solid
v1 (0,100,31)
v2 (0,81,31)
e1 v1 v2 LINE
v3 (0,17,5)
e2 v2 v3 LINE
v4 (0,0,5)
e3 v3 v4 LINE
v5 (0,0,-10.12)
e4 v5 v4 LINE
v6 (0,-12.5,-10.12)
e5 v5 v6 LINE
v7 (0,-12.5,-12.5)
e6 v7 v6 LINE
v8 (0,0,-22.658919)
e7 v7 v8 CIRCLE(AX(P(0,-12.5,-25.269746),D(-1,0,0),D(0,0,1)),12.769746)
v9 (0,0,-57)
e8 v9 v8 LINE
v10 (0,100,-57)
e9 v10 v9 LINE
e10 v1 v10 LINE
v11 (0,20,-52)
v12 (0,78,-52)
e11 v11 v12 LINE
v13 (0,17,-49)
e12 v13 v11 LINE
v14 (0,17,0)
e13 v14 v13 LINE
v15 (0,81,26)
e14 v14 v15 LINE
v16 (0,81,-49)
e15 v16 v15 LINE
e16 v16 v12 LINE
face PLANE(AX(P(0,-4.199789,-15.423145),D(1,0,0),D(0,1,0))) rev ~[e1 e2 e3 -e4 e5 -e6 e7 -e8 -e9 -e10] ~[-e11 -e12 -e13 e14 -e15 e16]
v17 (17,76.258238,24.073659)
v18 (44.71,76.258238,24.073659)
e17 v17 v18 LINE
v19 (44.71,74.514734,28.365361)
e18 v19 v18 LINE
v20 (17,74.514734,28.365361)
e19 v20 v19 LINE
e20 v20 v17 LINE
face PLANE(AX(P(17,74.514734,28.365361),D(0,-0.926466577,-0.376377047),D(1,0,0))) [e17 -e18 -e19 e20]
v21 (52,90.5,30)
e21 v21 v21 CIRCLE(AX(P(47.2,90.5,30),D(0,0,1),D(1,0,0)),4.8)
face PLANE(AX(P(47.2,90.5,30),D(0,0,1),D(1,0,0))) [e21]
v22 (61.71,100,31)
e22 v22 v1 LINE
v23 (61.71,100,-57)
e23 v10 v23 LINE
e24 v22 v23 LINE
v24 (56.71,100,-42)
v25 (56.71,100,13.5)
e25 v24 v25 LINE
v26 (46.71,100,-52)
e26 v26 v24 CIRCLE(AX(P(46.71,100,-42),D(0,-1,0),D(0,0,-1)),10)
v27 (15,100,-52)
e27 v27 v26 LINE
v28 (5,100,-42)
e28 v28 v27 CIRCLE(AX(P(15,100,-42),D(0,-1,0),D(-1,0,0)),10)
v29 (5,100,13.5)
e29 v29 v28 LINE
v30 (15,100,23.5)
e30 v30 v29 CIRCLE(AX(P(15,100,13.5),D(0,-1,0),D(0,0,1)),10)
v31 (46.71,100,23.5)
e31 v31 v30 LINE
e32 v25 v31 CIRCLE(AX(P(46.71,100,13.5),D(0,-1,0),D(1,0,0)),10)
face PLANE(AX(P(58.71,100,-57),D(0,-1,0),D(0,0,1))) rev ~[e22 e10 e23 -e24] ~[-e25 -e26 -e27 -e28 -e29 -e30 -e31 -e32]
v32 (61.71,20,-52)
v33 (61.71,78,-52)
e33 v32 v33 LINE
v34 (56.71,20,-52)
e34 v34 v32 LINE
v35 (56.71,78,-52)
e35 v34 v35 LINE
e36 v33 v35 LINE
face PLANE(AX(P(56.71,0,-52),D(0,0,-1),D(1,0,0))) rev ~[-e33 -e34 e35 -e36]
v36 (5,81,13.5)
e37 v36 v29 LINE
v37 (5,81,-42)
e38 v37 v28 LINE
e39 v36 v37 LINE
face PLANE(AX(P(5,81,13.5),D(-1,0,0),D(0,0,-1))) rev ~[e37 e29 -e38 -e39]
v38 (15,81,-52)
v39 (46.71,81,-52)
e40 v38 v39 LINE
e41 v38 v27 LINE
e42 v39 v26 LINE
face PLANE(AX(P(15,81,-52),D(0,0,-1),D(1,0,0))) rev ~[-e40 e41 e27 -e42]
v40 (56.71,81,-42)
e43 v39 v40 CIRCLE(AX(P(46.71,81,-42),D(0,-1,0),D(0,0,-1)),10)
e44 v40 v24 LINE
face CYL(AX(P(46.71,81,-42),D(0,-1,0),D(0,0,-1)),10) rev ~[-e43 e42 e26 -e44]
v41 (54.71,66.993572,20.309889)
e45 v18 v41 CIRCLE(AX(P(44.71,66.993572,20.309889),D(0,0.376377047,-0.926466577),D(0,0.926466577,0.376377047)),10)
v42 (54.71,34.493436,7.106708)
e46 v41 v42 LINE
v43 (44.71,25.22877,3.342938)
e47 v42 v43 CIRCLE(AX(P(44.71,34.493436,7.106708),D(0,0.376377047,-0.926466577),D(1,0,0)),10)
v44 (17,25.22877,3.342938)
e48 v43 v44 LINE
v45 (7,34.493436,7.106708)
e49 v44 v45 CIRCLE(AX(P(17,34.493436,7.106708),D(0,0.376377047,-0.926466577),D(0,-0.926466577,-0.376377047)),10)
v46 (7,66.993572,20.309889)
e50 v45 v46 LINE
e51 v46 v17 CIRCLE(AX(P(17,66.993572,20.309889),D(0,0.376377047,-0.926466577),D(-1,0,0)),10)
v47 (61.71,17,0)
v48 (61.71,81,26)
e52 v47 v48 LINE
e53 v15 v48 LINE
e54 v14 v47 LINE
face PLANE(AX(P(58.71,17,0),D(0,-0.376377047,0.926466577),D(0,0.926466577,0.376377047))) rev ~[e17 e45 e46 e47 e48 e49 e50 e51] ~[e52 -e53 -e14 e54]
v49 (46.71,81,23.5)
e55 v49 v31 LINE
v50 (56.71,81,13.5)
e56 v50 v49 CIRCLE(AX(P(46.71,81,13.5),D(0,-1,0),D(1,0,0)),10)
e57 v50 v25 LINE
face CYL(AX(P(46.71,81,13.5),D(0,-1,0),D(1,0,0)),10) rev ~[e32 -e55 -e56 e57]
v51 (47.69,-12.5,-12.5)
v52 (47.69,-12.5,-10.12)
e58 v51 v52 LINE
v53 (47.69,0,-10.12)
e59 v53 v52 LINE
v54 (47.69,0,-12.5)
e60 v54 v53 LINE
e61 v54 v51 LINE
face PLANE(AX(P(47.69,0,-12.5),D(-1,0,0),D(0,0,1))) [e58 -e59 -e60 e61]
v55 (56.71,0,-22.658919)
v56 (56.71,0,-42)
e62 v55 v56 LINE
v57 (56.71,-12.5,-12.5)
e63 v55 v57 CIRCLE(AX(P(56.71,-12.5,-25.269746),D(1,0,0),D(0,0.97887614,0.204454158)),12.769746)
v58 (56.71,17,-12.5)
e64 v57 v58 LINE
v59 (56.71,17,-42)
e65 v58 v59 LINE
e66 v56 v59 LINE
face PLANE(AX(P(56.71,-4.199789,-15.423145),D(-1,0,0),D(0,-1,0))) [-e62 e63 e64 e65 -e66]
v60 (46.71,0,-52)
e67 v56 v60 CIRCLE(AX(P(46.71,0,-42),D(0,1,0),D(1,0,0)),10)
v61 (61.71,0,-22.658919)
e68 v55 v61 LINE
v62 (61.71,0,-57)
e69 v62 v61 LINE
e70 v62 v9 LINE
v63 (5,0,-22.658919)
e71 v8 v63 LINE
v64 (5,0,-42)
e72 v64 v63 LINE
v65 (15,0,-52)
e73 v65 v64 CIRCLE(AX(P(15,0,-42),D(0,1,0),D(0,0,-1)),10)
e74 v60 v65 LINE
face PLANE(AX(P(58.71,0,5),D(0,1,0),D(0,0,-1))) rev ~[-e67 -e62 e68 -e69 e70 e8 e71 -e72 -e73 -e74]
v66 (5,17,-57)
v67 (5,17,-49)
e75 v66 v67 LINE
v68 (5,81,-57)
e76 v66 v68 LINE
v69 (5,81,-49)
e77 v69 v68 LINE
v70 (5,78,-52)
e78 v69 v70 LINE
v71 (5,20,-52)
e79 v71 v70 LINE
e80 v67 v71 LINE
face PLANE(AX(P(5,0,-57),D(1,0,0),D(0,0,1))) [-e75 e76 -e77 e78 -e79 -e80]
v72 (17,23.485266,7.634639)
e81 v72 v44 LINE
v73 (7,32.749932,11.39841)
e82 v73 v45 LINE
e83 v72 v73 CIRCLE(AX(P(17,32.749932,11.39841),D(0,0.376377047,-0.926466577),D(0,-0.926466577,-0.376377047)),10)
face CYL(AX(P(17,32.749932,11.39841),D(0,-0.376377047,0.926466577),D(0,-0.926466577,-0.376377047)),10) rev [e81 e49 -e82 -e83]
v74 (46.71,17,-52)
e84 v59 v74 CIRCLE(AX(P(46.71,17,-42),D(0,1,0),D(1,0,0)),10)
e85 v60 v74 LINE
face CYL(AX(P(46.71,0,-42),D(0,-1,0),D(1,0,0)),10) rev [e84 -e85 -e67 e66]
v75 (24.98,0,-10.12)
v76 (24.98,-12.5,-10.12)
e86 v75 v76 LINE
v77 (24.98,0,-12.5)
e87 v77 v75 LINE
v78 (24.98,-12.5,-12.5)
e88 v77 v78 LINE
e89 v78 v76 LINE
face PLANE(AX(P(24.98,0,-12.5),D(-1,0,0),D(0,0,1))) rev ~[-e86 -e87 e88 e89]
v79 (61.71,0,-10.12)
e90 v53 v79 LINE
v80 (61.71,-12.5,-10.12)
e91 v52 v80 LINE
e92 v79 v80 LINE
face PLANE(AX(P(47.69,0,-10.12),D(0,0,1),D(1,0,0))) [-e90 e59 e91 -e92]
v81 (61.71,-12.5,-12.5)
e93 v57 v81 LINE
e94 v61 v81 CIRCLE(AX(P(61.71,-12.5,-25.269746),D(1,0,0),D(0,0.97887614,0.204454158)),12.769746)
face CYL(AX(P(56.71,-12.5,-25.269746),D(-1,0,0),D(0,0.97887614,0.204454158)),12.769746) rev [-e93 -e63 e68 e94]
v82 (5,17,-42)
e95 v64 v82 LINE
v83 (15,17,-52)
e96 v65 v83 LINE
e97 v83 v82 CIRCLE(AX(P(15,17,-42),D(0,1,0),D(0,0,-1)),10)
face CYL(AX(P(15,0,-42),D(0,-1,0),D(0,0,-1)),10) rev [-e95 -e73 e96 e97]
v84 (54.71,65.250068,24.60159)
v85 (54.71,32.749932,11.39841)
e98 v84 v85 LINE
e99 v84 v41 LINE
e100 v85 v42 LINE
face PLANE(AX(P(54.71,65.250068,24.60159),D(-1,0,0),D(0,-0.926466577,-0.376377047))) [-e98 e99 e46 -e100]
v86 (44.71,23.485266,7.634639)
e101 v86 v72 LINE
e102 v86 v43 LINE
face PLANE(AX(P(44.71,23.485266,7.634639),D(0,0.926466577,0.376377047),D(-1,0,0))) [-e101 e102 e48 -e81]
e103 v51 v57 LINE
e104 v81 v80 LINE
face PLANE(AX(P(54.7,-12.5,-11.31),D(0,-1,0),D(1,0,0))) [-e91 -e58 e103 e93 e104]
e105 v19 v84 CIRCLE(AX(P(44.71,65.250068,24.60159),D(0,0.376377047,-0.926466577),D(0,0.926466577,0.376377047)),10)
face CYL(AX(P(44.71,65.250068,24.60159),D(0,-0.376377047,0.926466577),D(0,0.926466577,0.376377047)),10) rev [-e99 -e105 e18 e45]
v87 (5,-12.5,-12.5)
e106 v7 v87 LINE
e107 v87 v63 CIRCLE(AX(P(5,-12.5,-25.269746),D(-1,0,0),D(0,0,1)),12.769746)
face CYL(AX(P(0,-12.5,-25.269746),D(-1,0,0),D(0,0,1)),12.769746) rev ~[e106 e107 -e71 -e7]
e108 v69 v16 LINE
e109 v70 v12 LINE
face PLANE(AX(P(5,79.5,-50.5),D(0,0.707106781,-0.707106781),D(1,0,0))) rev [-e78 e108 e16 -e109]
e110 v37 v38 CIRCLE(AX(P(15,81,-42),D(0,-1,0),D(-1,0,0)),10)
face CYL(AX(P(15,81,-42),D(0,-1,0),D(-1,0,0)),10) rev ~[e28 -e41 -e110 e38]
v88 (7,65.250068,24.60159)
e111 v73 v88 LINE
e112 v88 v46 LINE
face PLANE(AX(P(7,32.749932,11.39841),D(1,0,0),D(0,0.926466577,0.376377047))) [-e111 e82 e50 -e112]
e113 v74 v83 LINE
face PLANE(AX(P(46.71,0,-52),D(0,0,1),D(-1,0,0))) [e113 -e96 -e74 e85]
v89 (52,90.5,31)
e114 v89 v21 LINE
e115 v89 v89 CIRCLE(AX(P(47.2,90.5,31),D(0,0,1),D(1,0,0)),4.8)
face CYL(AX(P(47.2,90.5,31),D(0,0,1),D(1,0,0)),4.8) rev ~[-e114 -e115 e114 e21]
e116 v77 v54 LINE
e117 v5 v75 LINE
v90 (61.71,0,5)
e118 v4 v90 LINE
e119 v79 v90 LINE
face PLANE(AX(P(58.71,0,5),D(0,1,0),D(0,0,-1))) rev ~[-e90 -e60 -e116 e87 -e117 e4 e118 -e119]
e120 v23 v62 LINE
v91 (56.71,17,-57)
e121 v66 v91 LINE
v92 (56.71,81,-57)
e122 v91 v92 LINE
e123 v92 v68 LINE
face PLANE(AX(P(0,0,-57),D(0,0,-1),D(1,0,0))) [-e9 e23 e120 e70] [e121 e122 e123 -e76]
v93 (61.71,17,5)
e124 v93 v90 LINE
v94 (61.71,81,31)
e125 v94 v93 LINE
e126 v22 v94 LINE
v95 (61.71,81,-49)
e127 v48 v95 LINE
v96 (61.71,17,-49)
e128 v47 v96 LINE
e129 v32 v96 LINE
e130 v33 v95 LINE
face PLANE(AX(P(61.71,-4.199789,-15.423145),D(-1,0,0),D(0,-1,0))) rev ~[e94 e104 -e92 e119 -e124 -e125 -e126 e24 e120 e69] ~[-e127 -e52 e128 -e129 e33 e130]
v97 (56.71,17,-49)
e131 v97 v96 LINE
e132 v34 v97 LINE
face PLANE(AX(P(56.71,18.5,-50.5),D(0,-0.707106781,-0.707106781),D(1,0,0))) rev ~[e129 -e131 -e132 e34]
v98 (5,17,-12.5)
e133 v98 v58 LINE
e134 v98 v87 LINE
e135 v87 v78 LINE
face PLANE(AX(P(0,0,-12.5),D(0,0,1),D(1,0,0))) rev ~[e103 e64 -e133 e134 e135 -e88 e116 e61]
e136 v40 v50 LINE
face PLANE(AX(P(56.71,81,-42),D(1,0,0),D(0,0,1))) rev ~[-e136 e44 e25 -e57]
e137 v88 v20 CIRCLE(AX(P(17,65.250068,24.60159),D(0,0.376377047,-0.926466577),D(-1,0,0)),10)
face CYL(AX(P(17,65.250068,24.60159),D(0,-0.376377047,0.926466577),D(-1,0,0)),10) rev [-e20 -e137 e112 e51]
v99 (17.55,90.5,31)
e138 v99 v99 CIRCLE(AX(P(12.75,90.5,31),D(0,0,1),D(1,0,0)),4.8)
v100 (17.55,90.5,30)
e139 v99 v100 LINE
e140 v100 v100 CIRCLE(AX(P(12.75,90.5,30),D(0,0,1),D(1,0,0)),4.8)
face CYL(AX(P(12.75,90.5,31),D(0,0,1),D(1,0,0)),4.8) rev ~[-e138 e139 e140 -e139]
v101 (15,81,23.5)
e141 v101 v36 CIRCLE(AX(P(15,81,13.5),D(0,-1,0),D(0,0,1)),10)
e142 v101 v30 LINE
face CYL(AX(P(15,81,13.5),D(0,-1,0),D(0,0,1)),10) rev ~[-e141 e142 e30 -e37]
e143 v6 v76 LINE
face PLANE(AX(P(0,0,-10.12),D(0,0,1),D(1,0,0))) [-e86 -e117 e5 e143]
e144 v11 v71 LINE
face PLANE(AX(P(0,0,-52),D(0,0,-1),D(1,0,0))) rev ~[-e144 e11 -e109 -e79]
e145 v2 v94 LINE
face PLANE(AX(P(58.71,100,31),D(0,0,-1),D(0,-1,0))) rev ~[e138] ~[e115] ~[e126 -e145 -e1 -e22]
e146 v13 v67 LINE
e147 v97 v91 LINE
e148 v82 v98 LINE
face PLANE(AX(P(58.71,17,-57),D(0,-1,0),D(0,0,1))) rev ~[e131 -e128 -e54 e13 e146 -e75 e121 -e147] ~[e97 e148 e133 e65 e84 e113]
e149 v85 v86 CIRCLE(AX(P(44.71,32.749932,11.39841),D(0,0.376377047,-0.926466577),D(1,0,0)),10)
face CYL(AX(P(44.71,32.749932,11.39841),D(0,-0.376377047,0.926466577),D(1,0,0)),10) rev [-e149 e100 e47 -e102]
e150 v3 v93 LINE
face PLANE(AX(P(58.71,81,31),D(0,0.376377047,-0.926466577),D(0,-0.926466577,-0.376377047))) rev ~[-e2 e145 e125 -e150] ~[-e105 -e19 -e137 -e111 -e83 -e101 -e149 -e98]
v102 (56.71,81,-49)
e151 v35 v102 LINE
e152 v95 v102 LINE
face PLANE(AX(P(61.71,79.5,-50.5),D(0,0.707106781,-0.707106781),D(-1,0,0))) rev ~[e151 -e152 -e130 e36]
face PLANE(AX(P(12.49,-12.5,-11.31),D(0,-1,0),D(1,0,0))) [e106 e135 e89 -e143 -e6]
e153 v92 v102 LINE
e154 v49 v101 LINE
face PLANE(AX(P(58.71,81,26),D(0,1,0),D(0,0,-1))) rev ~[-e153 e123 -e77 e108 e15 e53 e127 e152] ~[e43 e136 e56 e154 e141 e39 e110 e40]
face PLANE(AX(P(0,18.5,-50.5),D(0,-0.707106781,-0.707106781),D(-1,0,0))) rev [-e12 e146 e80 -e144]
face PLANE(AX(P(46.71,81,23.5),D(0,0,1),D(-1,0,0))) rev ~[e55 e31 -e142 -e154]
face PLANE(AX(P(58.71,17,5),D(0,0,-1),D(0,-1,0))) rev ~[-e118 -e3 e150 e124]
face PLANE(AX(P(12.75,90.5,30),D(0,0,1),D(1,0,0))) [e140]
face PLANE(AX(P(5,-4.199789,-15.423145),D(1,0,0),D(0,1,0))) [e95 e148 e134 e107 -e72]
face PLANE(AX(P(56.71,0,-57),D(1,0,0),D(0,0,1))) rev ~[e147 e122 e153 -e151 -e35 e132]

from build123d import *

# Parameters (mm, degrees)
BOSS_EXTRUDE1_DEPTH  = 58.71
SKETCH4_R            = 4.8
CUT_EXTRUDE1_DEPTH   = 1
SKETCH5_R            = 4.8
CUT_EXTRUDE2_DEPTH   = 1
SKETCH6_W            = 19
SKETCH6_H            = 26
BOSS_EXTRUDE3_DEPTH  = 58.71
SKETCH7_W            = 58.71
SKETCH7_H            = 17
SKETCH7_H_2          = 19
BOSS_EXTRUDE4_DEPTH  = 57
BOSS_EXTRUDE5_DEPTH  = 3
CUT_EXTRUDE3_DEPTH   = 17
CUT_EXTRUDE4_START   = -19
CUT_EXTRUDE4_DEPTH   = 19
CUT_EXTRUDE5_DEPTH   = 4.632332886
SKETCH12_W           = 5
SKETCH12_H           = 5
BOSS_EXTRUDE6_DEPTH  = 100
CHAMFER1_SIZE        = 3
SKETCH13_W           = 61.71
SKETCH13_H           = 17.5
BOSS_EXTRUDE7_DEPTH  = 17
SKETCH14_W           = 24.98
SKETCH14_H           = 2.38
SKETCH14_W_2         = 14.02
BOSS_EXTRUDE8_DEPTH  = 12.5
BOSS_EXTRUDE9_DEPTH  = 5
BOSS_EXTRUDE10_START = -5
BOSS_EXTRUDE10_DEPTH = 5


with BuildPart() as part:
    # Sketch3 → Boss-Extrude1 (new body)
    with BuildSketch(Plane.YZ):
        Polygon((0, 5), (0, 0), (17, 0), (81, 26), (100, 26), (100, 31), (81, 31), (17, 5), align=None)
    extrude(amount=BOSS_EXTRUDE1_DEPTH)

    # Sketch4 → Cut-Extrude1 (cut)
    with BuildSketch(Plane.XY.offset(31)):
        with Locations((12.75, 90.5)):
            Circle(SKETCH4_R)
        with Locations((47.2, 90.5)):
            Circle(SKETCH4_R)
    extrude(amount=-CUT_EXTRUDE1_DEPTH, mode=Mode.SUBTRACT)

    # Sketch5 → Cut-Extrude2 (cut)
    with BuildSketch(Plane.XY.offset(5)):
        with Locations((21.94, 8.5)):
            Circle(SKETCH5_R)
        with Locations((36.94, 8.5)):
            Circle(SKETCH5_R)
    extrude(amount=-CUT_EXTRUDE2_DEPTH, mode=Mode.SUBTRACT)

    # Sketch6 → Boss-Extrude3 (add)
    with BuildSketch(Plane.YZ.offset(58.71)):
        with Locations((90.5, 13)):
            Rectangle(SKETCH6_W, SKETCH6_H)
    extrude(amount=-BOSS_EXTRUDE3_DEPTH)

    # Sketch7 → Boss-Extrude4 (add)
    with BuildSketch(Plane(origin=(0, 0, 0), x_dir=(1, 0, 0), z_dir=(0, 0, -1))):
        with Locations((29.355, -8.5)):
            Rectangle(SKETCH7_W, SKETCH7_H)
        with Locations((29.355, -90.5)):
            Rectangle(SKETCH7_W, SKETCH7_H_2)
    extrude(amount=BOSS_EXTRUDE4_DEPTH)

    # Sketch8 → Boss-Extrude5 (add)
    with BuildSketch(Plane.YZ.offset(58.71)):
        Polygon((100, 31), (81, 31), (17, 5), (0, 5), (0, -57), (17, -57), (17, 0), (81, 26), (81, -57), (100, -57), align=None)
    extrude(amount=BOSS_EXTRUDE5_DEPTH)

    # Sketch9 → Cut-Extrude3 (cut)
    with BuildSketch(Plane.XZ):
        with BuildLine():
            Line((15, -2.5), (46.71, -2.5))
            ThreePointArc((46.71, -2.5), (53.781067812, -5.428932188), (56.71, -12.5))
            Line((56.71, -12.5), (56.71, -42))
            ThreePointArc((56.71, -42), (53.781067812, -49.071067812), (46.71, -52))
            Line((46.71, -52), (15, -52))
            ThreePointArc((15, -52), (7.928932188, -49.071067812), (5, -42))
            Line((5, -42), (5, -12.5))
            ThreePointArc((5, -12.5), (7.928932188, -5.428932188), (15, -2.5))
        make_face()
    extrude(amount=-CUT_EXTRUDE3_DEPTH, mode=Mode.SUBTRACT)

    # Sketch10 → Cut-Extrude4 (cut)
    with BuildSketch(Plane(origin=(0, 100, 0), x_dir=(-1, 0, 0), z_dir=(0, 1, 0)).offset(CUT_EXTRUDE4_START)):
        with BuildLine():
            Line((-46.71, 23.5), (-15, 23.5))
            ThreePointArc((-15, 23.5), (-7.928932188, 20.571067812), (-5, 13.5))
            Line((-5, 13.5), (-5, -42))
            ThreePointArc((-5, -42), (-7.928932188, -49.071067812), (-15, -52))
            Line((-15, -52), (-46.71, -52))
            ThreePointArc((-46.71, -52), (-53.781067812, -49.071067812), (-56.71, -42))
            Line((-56.71, -42), (-56.71, 13.5))
            ThreePointArc((-56.71, 13.5), (-53.781067812, 20.571067812), (-46.71, 23.5))
        make_face()
    extrude(amount=CUT_EXTRUDE4_DEPTH, mode=Mode.SUBTRACT)

    # Sketch11 → Cut-Extrude5 (cut)
    with BuildSketch(Plane(origin=(0, 0.664710813, -1.636211232), x_dir=(1, 0, 0), z_dir=(0, -0.376377046955938, 0.9264665771223093))):
        with BuildLine():
            Line((17, 79.711481203), (44.71, 79.711481203))
            ThreePointArc((44.71, 79.711481203), (51.781067812, 76.782549014), (54.71, 69.711481203))
            Line((54.71, 69.711481203), (54.71, 34.631817046))
            ThreePointArc((54.71, 34.631817046), (51.781067812, 27.560749234), (44.71, 24.631817046))
            Line((44.71, 24.631817046), (17, 24.631817046))
            ThreePointArc((17, 24.631817046), (9.928932188, 27.560749234), (7, 34.631817046))
            Line((7, 34.631817046), (7, 69.711481203))
            ThreePointArc((7, 69.711481203), (9.928932188, 76.782549014), (17, 79.711481203))
        make_face()
    extrude(amount=-CUT_EXTRUDE5_DEPTH, mode=Mode.SUBTRACT)

    # Sketch12 → Boss-Extrude6 (add)
    with BuildSketch(Plane.XZ):
        with Locations((2.5, -54.5)):
            Rectangle(SKETCH12_W, SKETCH12_H)
        with Locations((59.21, -54.5)):
            Rectangle(SKETCH12_W, SKETCH12_H)
    extrude(amount=-BOSS_EXTRUDE6_DEPTH)

    # Chamfer1
    chamfer1_edges = [part.edges().sort_by_distance(p)[0] for p in [
        (2.5, 17, -52),
        (2.5, 81, -52),
        (59.21, 81, -52),
        (59.21, 17, -52),
    ]]
    chamfer(chamfer1_edges, length=CHAMFER1_SIZE)

    # Sketch13 → Boss-Extrude7 (add)
    with BuildSketch(Plane.XZ):
        with Locations((30.855, -3.75)):
            Rectangle(SKETCH13_W, SKETCH13_H)
    extrude(amount=-BOSS_EXTRUDE7_DEPTH)

    # Sketch14 → Boss-Extrude8 (add)
    with BuildSketch(Plane.XZ):
        with Locations((12.49, -11.31)):
            Rectangle(SKETCH14_W, SKETCH14_H)
        with Locations((54.7, -11.31)):
            Rectangle(SKETCH14_W_2, SKETCH14_H)
    extrude(amount=BOSS_EXTRUDE8_DEPTH)

    # Sketch15 → Boss-Extrude9 (add)
    with BuildSketch(Plane(origin=(0, 0, 0), x_dir=(0, -1, 0), z_dir=(-1, 0, 0))):
        with BuildLine():
            Line((0, -12.5), (12.5, -12.5))
            ThreePointArc((12.5, -12.5), (4.446217859, -15.360002914), (0, -22.6589186))
            Line((0, -22.6589186), (0, -12.5))
        make_face()
    extrude(amount=-BOSS_EXTRUDE9_DEPTH)

    # Sketch16 → Boss-Extrude10 (add)
    with BuildSketch(Plane.YZ.offset(61.71).offset(BOSS_EXTRUDE10_START)):
        with BuildLine():
            Line((-12.5, -12.5), (0, -12.5))
            Line((0, -12.5), (0, -22.6589186))
            ThreePointArc((0, -22.6589186), (-4.446217859, -15.360002914), (-12.5, -12.5))
        make_face()
    extrude(amount=BOSS_EXTRUDE10_DEPTH)


solid = part.part
